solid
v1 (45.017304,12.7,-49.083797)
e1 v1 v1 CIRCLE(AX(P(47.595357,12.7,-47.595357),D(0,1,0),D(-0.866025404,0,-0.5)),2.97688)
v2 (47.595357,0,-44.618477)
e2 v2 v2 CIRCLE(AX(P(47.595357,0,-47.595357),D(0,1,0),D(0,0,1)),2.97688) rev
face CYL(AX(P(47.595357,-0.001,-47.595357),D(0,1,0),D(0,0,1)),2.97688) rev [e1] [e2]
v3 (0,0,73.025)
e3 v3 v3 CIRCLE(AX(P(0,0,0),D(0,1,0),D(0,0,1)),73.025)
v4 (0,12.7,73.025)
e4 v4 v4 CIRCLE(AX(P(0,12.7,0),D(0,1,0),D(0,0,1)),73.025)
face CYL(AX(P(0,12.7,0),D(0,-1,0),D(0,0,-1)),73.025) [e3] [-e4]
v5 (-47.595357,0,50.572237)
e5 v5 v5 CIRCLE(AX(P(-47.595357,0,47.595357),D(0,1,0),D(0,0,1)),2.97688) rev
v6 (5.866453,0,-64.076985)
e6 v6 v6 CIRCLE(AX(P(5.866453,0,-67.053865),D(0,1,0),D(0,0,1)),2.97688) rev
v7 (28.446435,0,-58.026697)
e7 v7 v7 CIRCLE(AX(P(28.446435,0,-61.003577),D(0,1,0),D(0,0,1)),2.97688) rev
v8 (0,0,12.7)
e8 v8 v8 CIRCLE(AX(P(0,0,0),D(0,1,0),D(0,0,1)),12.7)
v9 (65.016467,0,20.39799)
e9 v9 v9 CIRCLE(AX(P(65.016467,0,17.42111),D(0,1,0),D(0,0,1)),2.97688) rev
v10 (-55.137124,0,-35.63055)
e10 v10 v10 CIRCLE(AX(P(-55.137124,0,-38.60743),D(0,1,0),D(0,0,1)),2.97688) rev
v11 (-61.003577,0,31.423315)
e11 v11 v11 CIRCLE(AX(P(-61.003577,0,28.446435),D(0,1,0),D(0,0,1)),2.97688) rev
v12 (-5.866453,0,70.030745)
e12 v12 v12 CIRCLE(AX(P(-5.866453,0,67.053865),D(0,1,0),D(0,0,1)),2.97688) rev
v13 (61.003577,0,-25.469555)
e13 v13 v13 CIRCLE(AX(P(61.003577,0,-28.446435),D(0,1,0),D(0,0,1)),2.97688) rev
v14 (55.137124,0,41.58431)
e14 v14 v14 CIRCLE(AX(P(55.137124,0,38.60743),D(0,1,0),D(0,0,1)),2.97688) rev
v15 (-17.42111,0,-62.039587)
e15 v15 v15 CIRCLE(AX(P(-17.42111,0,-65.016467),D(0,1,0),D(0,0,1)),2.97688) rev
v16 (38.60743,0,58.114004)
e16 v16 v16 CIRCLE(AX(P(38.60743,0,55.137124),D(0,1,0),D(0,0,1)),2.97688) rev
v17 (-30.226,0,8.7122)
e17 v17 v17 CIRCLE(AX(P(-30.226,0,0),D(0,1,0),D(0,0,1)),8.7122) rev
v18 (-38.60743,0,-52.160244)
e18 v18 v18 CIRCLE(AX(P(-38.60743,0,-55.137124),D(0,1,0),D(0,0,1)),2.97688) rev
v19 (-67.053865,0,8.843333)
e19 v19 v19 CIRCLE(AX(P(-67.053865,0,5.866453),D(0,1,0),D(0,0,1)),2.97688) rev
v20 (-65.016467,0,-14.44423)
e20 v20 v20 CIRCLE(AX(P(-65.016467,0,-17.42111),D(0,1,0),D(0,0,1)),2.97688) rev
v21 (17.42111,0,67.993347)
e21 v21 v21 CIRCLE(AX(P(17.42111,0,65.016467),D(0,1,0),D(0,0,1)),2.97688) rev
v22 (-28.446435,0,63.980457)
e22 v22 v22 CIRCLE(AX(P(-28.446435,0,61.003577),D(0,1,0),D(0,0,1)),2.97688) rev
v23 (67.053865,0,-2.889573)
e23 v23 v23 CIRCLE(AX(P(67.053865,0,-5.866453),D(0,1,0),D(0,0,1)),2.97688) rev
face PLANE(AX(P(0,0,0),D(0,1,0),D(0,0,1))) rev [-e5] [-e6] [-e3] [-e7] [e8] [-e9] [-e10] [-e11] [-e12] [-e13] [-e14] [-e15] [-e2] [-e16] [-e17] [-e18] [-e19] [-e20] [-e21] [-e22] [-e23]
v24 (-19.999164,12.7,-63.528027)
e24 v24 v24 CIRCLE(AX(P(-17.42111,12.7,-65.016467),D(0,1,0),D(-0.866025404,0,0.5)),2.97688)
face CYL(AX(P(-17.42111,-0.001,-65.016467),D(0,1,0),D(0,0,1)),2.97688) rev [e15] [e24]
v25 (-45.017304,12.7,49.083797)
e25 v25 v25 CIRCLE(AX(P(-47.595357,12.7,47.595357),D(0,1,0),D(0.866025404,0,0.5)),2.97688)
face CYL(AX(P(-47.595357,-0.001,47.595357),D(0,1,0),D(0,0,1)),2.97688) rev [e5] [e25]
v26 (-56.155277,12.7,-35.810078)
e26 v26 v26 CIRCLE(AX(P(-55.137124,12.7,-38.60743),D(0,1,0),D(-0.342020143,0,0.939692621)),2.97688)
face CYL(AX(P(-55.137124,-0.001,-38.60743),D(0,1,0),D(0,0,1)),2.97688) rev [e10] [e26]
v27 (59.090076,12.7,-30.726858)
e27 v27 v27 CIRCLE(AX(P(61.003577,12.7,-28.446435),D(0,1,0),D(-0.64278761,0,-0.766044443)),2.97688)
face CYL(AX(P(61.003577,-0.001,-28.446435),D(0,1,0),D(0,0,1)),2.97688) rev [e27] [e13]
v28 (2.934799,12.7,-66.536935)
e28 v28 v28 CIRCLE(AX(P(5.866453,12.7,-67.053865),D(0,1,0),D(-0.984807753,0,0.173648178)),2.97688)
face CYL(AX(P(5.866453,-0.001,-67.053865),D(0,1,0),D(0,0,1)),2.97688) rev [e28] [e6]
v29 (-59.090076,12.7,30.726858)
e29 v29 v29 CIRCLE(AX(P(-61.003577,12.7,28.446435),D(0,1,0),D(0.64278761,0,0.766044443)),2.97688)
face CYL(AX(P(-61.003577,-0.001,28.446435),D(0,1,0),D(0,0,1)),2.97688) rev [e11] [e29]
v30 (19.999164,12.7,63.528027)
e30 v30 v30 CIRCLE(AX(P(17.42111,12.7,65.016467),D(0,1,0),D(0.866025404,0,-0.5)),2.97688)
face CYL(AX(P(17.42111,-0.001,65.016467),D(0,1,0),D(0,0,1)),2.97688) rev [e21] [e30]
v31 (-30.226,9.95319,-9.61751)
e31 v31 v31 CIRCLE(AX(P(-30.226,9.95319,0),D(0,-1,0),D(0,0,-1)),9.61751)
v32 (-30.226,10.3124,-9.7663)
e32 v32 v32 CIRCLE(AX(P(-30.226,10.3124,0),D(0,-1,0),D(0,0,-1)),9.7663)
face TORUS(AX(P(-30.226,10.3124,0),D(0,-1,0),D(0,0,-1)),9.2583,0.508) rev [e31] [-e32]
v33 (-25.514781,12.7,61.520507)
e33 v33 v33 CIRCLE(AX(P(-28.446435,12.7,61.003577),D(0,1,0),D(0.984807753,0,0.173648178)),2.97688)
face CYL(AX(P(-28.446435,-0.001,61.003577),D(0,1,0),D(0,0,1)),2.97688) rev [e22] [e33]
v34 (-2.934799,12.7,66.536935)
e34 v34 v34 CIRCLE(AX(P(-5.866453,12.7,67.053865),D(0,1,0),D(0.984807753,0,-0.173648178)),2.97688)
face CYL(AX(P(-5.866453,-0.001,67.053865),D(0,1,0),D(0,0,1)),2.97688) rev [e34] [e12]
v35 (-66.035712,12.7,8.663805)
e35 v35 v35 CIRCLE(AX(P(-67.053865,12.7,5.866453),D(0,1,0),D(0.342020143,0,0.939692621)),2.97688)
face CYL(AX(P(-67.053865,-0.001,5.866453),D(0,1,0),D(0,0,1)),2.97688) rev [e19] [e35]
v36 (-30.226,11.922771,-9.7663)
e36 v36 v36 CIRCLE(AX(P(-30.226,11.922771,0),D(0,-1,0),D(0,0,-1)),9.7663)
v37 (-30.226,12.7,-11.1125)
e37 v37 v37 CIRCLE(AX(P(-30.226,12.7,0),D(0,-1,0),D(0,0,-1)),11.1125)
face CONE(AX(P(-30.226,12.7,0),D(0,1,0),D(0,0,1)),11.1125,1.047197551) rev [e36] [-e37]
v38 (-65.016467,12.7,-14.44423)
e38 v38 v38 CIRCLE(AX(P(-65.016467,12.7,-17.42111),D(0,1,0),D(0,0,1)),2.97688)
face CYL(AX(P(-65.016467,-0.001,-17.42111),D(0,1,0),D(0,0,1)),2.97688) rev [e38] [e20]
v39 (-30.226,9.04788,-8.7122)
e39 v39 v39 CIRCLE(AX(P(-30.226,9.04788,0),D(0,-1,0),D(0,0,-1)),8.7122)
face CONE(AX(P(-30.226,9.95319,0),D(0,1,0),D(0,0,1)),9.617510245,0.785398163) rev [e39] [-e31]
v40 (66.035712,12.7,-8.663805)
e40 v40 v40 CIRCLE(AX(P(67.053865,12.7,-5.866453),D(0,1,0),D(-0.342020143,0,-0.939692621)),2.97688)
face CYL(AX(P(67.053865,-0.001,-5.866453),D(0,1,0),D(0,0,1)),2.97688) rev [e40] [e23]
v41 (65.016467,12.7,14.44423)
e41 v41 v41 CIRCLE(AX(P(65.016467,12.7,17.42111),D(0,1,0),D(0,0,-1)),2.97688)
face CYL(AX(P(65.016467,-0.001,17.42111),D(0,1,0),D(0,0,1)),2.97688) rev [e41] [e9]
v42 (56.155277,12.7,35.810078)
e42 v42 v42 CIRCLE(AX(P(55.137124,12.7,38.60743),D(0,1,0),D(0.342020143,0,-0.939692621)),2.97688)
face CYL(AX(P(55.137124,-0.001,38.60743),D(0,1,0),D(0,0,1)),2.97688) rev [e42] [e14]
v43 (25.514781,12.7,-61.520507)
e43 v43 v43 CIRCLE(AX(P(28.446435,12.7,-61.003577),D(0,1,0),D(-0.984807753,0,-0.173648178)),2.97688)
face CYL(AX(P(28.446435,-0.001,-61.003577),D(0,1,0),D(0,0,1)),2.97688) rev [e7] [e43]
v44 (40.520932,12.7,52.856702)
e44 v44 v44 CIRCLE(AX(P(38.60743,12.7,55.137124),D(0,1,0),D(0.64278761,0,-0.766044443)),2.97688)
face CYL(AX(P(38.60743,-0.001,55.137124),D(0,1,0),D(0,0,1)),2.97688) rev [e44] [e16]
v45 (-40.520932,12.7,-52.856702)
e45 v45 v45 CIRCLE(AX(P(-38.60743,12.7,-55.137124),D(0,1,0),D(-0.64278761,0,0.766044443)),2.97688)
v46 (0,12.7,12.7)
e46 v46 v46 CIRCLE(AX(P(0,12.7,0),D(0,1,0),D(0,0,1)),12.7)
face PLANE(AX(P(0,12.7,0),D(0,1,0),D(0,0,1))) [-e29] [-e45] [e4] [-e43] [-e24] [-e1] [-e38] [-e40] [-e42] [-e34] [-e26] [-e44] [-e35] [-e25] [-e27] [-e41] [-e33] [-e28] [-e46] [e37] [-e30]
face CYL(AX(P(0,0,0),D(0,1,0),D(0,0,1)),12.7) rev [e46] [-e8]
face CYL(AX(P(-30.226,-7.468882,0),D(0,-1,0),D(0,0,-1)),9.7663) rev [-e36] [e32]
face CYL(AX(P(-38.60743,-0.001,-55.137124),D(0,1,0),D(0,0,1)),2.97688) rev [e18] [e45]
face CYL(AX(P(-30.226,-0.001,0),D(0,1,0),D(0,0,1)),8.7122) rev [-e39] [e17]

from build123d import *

# Parameters (mm, degrees)
TOP_PLATE_DIAMETER_R           = 73.025
TOP_PLATE_EXTRUDE_DEPTH        = 12.7
FUEL_PORT_CLEARANCE_DIAMETER_R = 12.7
FUEL_PORT_CLEARANCE_HOLE_DEPTH = 105.050907012
ASSEMBLY_BOLT_REACH            = 106.051
ASSEMBLY_BOLT_DIAMETER_R       = 2.97688
CIRPATTERN1_COUNT              = 18
LOX_PORT_REACH                 = 106.051
SKETCH7_R                      = 8.7122


with BuildPart() as part:
    # Top Plate Diameter → Top Plate Extrude (new body)
    with BuildSketch(Plane(origin=(0, 0, 0), x_dir=(1, 0, 0), z_dir=(0, 1, 0))):
        Circle(TOP_PLATE_DIAMETER_R)
    extrude(amount=TOP_PLATE_EXTRUDE_DEPTH)

    # Fuel Port Clearance Diameter → Fuel Port Clearance Hole (cut, through all)
    with BuildSketch(Plane(origin=(0, 12.7, 0), x_dir=(1, 0, 0), z_dir=(0, 1, 0))):
        Circle(FUEL_PORT_CLEARANCE_DIAMETER_R)
    extrude(amount=-FUEL_PORT_CLEARANCE_HOLE_DEPTH, mode=Mode.SUBTRACT)

    # Assembly Bolt Diameter → Assembly Bolt (cut, up to next)
    with BuildSketch(Plane(origin=(0, 12.7, 0), x_dir=(1, 0, 0), z_dir=(0, 1, 0)), mode=Mode.PRIVATE) as assembly_bolt_sk1:
        with Locations((-65.016467368, 17.421109926)):
            Circle(ASSEMBLY_BOLT_DIAMETER_R)
    assembly_bolt_tool1 = extrude(assembly_bolt_sk1.sketch, amount=-ASSEMBLY_BOLT_REACH, mode=Mode.PRIVATE) & part.part
    assembly_bolt = assembly_bolt_tool1.solids().sort_by_distance((-65.016467, 12.7, -17.42111))[0]
    add(assembly_bolt, mode=Mode.SUBTRACT)

    # CirPattern1: Assembly Bolt ×18 about axis
    cirpattern1_axis = Axis((0, 12.7, 0), (0, -1, 0))
    for i in range(1, CIRPATTERN1_COUNT):
        add(assembly_bolt.rotate(cirpattern1_axis, i * 360 / CIRPATTERN1_COUNT), mode=Mode.SUBTRACT)

    # Sketch7 → LOX Port (cut, up to next)
    with BuildSketch(Plane(origin=(0, 12.7, 0), x_dir=(1, 0, 0), z_dir=(0, 1, 0)), mode=Mode.PRIVATE) as lox_port_sk1:
        with Locations((-30.226, 0)):
            Circle(SKETCH7_R)
    lox_port_tool1 = extrude(lox_port_sk1.sketch, amount=-LOX_PORT_REACH, mode=Mode.PRIVATE) & part.part
    add(lox_port_tool1.solids().sort_by_distance((-30.226, 12.7, 0))[0], mode=Mode.SUBTRACT)

    # Sketch9 → Cut-Revolve1 (revolve, cut)
    with BuildSketch(Plane.XY):
        with BuildLine():
            Line((-41.3385, 12.7), (-39.9923, 11.922771068))
            Line((-39.9923, 11.922771068), (-39.9923, 10.3124))
            ThreePointArc((-39.9923, 10.3124), (-39.953630803, 10.117996816), (-39.843510245, 9.953189755))
            Line((-39.843510245, 9.953189755), (-38.9382, 9.04787951))
            Line((-38.9382, 9.04787951), (-38.9382, 12.7))
            Line((-38.9382, 12.7), (-41.3385, 12.7))
        make_face()
    revolve(axis=Axis((-30.226, -7.468881995, 0), (0, 1, 0)), mode=Mode.SUBTRACT)


solid = part.part
